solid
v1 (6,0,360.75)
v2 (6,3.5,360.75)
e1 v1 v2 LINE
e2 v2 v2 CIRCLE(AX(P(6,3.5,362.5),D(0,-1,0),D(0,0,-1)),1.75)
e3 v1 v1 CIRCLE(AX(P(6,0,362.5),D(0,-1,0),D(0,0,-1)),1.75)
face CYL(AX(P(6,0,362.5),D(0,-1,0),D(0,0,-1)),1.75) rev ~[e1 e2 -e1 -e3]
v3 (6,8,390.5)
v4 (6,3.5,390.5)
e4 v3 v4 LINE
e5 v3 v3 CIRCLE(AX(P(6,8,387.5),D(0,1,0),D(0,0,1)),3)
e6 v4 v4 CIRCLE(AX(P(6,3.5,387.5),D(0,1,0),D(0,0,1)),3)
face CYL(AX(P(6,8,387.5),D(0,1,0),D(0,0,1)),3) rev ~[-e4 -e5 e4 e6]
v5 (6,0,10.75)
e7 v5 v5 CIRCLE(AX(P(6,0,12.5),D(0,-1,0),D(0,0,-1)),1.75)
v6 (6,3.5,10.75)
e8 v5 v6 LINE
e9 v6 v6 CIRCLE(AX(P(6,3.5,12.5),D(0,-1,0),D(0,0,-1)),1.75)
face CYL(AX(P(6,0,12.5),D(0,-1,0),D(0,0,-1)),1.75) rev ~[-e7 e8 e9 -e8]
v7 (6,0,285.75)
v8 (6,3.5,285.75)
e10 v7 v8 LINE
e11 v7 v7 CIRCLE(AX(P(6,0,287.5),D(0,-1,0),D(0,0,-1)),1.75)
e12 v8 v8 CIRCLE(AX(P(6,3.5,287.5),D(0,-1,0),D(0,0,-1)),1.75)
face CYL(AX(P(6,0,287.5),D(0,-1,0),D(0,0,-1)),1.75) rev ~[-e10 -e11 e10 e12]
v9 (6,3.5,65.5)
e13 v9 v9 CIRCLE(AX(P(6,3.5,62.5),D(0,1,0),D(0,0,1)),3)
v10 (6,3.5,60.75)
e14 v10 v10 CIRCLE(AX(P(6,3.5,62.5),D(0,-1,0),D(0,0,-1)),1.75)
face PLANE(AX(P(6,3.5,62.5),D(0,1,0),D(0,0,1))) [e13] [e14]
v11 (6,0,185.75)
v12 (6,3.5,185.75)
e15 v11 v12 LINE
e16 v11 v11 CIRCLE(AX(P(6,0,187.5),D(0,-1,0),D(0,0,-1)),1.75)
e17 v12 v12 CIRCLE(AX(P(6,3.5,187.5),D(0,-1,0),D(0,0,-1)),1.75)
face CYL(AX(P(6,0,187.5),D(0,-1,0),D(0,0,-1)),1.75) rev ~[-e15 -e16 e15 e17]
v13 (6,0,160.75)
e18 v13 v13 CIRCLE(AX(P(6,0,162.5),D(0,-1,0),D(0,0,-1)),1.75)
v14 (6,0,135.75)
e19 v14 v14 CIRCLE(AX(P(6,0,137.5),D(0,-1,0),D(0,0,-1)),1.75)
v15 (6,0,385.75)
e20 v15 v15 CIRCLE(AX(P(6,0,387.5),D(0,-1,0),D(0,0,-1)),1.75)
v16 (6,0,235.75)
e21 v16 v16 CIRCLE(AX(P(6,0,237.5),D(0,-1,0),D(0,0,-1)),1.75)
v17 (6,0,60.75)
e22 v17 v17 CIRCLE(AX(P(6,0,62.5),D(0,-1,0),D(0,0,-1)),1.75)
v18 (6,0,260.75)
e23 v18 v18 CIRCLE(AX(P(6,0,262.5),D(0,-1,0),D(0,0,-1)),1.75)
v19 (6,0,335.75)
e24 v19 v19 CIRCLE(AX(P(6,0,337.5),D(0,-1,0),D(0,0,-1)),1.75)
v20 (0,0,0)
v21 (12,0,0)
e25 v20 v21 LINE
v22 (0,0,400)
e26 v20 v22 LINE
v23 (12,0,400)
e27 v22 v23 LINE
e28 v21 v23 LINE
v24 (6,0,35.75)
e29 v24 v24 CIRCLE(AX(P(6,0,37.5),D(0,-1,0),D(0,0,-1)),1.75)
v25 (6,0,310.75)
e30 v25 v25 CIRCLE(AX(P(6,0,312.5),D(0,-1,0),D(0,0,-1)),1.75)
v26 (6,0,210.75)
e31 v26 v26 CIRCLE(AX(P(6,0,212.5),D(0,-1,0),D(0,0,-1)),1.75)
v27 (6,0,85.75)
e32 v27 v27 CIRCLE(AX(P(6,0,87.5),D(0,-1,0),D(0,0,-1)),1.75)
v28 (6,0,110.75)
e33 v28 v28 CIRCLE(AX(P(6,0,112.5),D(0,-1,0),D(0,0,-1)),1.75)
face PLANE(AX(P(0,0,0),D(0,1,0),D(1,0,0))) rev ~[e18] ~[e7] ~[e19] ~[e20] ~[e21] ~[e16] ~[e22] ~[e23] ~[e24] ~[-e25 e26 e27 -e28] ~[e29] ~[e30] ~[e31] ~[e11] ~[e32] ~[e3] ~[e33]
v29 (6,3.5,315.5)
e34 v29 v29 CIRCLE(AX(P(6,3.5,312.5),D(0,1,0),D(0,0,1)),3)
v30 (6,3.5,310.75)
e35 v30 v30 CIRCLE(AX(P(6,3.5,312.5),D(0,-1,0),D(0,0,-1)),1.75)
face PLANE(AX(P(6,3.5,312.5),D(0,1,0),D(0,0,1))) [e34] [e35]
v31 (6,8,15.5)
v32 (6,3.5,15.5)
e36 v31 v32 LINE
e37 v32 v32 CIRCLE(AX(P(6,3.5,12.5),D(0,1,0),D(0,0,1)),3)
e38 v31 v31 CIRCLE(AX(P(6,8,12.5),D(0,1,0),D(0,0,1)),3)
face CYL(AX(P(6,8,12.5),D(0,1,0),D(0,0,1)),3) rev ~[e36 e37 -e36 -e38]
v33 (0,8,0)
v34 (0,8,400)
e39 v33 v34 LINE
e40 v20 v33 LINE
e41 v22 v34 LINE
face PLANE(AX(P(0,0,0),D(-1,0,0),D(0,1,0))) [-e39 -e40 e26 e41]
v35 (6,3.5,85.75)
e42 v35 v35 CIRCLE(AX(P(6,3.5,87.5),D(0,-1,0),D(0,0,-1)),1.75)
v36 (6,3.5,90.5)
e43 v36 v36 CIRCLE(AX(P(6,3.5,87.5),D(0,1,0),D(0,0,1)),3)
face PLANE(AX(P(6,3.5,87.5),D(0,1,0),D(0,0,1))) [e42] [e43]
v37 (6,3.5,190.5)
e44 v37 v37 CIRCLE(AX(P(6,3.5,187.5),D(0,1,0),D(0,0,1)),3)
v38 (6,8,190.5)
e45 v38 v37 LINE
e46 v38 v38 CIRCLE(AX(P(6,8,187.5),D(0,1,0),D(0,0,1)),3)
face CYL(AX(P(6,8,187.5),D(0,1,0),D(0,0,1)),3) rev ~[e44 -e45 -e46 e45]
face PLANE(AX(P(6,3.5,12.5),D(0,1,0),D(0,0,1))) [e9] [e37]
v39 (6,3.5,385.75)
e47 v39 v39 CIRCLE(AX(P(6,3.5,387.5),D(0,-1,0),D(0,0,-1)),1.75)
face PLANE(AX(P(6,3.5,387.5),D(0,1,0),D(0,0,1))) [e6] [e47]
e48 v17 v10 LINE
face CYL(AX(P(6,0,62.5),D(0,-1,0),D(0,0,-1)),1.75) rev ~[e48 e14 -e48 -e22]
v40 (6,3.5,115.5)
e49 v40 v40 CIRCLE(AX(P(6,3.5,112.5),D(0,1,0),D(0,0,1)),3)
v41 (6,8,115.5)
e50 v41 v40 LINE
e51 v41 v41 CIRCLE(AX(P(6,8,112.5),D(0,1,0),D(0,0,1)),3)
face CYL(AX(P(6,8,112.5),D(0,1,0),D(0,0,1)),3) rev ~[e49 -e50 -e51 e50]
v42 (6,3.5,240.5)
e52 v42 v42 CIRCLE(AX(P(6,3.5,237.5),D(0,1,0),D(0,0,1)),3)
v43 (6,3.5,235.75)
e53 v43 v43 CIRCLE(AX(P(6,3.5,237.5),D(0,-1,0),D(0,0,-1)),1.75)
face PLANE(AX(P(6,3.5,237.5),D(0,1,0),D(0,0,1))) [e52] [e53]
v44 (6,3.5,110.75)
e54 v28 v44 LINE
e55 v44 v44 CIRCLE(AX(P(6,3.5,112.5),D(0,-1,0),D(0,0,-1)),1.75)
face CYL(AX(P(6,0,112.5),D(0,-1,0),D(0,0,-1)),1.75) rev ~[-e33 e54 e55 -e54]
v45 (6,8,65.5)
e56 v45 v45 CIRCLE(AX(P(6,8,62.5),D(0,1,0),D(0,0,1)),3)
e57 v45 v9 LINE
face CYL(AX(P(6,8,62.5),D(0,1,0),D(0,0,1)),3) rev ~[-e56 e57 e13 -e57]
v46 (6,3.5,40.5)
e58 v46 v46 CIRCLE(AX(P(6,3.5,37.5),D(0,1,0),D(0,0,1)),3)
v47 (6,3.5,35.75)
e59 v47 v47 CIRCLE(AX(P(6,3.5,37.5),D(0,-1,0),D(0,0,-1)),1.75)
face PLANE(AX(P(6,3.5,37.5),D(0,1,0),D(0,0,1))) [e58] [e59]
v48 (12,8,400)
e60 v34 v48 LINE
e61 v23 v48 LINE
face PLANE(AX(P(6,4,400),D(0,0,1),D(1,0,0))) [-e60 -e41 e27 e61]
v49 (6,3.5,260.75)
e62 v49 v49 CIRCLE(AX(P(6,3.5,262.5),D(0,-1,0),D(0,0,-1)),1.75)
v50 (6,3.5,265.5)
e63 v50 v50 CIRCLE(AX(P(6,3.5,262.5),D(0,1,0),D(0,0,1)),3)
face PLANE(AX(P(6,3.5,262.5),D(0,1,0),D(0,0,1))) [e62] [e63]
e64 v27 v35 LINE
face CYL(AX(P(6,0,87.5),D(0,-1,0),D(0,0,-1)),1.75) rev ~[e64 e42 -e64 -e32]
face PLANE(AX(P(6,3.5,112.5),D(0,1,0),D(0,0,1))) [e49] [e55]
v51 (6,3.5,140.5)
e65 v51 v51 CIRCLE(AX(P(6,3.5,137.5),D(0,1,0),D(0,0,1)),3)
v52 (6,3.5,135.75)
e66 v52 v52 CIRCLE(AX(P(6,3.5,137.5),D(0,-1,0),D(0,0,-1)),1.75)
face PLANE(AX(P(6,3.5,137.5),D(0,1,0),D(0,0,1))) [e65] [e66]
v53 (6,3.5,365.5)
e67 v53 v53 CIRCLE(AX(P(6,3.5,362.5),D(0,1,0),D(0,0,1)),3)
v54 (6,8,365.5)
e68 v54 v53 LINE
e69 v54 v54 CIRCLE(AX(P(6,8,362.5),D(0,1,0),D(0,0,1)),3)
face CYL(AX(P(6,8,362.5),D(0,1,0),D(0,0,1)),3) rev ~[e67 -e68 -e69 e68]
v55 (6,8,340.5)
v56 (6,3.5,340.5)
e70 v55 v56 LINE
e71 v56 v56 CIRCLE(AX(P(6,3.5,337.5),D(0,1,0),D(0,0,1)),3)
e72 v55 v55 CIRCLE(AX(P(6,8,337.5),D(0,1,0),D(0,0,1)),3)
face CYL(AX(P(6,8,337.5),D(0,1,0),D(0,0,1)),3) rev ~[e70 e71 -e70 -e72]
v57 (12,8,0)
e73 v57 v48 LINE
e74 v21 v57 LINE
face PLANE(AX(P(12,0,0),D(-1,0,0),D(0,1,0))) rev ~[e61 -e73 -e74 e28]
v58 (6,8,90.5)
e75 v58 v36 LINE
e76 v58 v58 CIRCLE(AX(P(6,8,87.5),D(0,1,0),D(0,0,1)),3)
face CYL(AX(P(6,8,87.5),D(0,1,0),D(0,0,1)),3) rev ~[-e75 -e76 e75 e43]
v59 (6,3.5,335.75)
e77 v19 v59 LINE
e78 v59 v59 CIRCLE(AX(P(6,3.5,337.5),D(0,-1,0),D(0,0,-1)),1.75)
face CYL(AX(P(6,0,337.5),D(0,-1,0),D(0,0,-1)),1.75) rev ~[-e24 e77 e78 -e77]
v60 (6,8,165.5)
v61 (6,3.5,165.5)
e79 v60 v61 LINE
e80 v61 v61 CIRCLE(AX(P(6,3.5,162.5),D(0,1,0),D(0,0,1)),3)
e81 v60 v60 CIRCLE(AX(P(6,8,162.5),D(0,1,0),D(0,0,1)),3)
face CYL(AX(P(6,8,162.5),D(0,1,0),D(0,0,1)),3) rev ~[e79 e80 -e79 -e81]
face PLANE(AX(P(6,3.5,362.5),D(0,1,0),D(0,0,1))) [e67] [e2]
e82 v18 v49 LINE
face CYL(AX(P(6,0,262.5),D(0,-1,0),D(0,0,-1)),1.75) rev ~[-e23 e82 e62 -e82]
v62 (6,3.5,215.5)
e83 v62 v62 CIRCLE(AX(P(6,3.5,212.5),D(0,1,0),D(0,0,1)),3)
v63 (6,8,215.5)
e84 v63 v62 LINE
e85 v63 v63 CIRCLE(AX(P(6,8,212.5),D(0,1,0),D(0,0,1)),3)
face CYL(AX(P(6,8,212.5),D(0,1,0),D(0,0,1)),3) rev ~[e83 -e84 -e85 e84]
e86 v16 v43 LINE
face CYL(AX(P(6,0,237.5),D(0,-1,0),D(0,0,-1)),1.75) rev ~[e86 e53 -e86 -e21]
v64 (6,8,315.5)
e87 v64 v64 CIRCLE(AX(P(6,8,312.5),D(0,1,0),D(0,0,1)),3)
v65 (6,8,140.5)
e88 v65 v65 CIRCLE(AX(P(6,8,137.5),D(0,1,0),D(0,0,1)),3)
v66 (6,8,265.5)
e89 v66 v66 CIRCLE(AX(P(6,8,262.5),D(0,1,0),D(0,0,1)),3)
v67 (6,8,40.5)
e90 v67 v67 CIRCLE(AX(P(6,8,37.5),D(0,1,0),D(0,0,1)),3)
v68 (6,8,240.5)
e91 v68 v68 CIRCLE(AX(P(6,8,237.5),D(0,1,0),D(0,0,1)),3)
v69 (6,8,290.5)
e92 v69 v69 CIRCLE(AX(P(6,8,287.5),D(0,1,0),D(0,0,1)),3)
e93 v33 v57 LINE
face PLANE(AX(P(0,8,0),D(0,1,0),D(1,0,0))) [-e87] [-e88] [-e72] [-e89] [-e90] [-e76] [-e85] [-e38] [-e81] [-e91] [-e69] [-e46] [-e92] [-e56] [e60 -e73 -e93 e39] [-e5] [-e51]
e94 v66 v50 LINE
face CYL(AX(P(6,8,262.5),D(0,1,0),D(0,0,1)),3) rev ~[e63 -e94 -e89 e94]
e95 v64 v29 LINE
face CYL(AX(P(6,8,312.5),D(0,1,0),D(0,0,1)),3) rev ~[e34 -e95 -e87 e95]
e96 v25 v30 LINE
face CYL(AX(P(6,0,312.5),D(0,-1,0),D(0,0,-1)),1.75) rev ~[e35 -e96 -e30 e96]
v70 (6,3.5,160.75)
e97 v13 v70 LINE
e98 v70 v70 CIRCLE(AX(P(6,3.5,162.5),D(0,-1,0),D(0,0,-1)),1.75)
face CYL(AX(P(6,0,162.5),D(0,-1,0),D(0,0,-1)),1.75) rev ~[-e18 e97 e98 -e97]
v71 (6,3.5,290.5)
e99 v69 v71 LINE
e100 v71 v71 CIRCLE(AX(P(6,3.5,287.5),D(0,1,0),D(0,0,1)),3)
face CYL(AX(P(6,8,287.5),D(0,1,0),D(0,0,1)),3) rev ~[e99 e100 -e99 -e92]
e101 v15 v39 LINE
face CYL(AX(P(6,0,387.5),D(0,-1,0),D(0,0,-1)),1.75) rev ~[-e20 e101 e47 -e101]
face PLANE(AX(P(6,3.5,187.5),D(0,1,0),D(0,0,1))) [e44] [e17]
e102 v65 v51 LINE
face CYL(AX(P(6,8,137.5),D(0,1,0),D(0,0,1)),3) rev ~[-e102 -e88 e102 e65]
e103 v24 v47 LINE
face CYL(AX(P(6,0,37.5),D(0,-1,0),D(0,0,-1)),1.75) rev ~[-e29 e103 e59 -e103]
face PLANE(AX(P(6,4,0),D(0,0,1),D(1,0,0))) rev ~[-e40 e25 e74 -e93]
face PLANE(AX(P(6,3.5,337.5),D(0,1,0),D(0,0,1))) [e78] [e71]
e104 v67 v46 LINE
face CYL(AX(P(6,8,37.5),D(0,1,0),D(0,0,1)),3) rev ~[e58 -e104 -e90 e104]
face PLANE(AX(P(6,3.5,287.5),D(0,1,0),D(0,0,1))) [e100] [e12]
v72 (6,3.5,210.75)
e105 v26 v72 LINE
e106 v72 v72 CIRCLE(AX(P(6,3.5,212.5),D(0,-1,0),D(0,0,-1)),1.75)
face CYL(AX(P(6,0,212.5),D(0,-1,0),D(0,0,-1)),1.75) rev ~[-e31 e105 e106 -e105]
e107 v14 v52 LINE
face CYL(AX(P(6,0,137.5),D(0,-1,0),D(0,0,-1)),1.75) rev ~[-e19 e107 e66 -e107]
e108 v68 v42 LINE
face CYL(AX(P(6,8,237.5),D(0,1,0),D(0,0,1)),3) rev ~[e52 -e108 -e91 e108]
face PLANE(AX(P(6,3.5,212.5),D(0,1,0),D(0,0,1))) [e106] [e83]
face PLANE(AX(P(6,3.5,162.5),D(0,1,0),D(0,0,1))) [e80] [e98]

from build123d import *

# Parameters (mm, degrees)
SKETCH1_W           = 12
SKETCH1_H           = 8
BOSS_EXTRUDE1_DEPTH = 400
SKETCH2_R           = 3
CUT_EXTRUDE1_DEPTH  = 4.5
SKETCH4_R           = 1.75
CUT_EXTRUDE2_DEPTH  = 401.259915555
LPATTERN2_COUNT     = 16
LPATTERN2_PITCH     = 25


with BuildPart() as part:
    # Sketch1 → Boss-Extrude1 (new body)
    with BuildSketch(Plane.XY):
        with Locations((6, 4)):
            Rectangle(SKETCH1_W, SKETCH1_H)
    extrude(amount=BOSS_EXTRUDE1_DEPTH)

    # Sketch2 → Cut-Extrude1 (cut)
    with BuildSketch(Plane(origin=(0, 8, 0), x_dir=(1, 0, 0), z_dir=(0, 1, 0))):
        with Locations(Location((6, -12.5, 0), (0, 0, 270))):
            Circle(SKETCH2_R)
    cut_extrude1 = extrude(amount=-CUT_EXTRUDE1_DEPTH, mode=Mode.SUBTRACT)

    # Sketch4 → Cut-Extrude2 (cut, through all)
    with BuildSketch(Plane.XZ):
        with Locations(Location((6, 12.5, 0), (0, 0, 270))):
            Circle(SKETCH4_R)
    cut_extrude2 = extrude(amount=-CUT_EXTRUDE2_DEPTH, mode=Mode.SUBTRACT)

    # LPattern2: Cut-Extrude1, Cut-Extrude2 ×16
    with Locations(*[(0, 0, i * LPATTERN2_PITCH) for i in range(1, LPATTERN2_COUNT)]):
        add(cut_extrude1, mode=Mode.SUBTRACT)
        add(cut_extrude2, mode=Mode.SUBTRACT)


solid = part.part
